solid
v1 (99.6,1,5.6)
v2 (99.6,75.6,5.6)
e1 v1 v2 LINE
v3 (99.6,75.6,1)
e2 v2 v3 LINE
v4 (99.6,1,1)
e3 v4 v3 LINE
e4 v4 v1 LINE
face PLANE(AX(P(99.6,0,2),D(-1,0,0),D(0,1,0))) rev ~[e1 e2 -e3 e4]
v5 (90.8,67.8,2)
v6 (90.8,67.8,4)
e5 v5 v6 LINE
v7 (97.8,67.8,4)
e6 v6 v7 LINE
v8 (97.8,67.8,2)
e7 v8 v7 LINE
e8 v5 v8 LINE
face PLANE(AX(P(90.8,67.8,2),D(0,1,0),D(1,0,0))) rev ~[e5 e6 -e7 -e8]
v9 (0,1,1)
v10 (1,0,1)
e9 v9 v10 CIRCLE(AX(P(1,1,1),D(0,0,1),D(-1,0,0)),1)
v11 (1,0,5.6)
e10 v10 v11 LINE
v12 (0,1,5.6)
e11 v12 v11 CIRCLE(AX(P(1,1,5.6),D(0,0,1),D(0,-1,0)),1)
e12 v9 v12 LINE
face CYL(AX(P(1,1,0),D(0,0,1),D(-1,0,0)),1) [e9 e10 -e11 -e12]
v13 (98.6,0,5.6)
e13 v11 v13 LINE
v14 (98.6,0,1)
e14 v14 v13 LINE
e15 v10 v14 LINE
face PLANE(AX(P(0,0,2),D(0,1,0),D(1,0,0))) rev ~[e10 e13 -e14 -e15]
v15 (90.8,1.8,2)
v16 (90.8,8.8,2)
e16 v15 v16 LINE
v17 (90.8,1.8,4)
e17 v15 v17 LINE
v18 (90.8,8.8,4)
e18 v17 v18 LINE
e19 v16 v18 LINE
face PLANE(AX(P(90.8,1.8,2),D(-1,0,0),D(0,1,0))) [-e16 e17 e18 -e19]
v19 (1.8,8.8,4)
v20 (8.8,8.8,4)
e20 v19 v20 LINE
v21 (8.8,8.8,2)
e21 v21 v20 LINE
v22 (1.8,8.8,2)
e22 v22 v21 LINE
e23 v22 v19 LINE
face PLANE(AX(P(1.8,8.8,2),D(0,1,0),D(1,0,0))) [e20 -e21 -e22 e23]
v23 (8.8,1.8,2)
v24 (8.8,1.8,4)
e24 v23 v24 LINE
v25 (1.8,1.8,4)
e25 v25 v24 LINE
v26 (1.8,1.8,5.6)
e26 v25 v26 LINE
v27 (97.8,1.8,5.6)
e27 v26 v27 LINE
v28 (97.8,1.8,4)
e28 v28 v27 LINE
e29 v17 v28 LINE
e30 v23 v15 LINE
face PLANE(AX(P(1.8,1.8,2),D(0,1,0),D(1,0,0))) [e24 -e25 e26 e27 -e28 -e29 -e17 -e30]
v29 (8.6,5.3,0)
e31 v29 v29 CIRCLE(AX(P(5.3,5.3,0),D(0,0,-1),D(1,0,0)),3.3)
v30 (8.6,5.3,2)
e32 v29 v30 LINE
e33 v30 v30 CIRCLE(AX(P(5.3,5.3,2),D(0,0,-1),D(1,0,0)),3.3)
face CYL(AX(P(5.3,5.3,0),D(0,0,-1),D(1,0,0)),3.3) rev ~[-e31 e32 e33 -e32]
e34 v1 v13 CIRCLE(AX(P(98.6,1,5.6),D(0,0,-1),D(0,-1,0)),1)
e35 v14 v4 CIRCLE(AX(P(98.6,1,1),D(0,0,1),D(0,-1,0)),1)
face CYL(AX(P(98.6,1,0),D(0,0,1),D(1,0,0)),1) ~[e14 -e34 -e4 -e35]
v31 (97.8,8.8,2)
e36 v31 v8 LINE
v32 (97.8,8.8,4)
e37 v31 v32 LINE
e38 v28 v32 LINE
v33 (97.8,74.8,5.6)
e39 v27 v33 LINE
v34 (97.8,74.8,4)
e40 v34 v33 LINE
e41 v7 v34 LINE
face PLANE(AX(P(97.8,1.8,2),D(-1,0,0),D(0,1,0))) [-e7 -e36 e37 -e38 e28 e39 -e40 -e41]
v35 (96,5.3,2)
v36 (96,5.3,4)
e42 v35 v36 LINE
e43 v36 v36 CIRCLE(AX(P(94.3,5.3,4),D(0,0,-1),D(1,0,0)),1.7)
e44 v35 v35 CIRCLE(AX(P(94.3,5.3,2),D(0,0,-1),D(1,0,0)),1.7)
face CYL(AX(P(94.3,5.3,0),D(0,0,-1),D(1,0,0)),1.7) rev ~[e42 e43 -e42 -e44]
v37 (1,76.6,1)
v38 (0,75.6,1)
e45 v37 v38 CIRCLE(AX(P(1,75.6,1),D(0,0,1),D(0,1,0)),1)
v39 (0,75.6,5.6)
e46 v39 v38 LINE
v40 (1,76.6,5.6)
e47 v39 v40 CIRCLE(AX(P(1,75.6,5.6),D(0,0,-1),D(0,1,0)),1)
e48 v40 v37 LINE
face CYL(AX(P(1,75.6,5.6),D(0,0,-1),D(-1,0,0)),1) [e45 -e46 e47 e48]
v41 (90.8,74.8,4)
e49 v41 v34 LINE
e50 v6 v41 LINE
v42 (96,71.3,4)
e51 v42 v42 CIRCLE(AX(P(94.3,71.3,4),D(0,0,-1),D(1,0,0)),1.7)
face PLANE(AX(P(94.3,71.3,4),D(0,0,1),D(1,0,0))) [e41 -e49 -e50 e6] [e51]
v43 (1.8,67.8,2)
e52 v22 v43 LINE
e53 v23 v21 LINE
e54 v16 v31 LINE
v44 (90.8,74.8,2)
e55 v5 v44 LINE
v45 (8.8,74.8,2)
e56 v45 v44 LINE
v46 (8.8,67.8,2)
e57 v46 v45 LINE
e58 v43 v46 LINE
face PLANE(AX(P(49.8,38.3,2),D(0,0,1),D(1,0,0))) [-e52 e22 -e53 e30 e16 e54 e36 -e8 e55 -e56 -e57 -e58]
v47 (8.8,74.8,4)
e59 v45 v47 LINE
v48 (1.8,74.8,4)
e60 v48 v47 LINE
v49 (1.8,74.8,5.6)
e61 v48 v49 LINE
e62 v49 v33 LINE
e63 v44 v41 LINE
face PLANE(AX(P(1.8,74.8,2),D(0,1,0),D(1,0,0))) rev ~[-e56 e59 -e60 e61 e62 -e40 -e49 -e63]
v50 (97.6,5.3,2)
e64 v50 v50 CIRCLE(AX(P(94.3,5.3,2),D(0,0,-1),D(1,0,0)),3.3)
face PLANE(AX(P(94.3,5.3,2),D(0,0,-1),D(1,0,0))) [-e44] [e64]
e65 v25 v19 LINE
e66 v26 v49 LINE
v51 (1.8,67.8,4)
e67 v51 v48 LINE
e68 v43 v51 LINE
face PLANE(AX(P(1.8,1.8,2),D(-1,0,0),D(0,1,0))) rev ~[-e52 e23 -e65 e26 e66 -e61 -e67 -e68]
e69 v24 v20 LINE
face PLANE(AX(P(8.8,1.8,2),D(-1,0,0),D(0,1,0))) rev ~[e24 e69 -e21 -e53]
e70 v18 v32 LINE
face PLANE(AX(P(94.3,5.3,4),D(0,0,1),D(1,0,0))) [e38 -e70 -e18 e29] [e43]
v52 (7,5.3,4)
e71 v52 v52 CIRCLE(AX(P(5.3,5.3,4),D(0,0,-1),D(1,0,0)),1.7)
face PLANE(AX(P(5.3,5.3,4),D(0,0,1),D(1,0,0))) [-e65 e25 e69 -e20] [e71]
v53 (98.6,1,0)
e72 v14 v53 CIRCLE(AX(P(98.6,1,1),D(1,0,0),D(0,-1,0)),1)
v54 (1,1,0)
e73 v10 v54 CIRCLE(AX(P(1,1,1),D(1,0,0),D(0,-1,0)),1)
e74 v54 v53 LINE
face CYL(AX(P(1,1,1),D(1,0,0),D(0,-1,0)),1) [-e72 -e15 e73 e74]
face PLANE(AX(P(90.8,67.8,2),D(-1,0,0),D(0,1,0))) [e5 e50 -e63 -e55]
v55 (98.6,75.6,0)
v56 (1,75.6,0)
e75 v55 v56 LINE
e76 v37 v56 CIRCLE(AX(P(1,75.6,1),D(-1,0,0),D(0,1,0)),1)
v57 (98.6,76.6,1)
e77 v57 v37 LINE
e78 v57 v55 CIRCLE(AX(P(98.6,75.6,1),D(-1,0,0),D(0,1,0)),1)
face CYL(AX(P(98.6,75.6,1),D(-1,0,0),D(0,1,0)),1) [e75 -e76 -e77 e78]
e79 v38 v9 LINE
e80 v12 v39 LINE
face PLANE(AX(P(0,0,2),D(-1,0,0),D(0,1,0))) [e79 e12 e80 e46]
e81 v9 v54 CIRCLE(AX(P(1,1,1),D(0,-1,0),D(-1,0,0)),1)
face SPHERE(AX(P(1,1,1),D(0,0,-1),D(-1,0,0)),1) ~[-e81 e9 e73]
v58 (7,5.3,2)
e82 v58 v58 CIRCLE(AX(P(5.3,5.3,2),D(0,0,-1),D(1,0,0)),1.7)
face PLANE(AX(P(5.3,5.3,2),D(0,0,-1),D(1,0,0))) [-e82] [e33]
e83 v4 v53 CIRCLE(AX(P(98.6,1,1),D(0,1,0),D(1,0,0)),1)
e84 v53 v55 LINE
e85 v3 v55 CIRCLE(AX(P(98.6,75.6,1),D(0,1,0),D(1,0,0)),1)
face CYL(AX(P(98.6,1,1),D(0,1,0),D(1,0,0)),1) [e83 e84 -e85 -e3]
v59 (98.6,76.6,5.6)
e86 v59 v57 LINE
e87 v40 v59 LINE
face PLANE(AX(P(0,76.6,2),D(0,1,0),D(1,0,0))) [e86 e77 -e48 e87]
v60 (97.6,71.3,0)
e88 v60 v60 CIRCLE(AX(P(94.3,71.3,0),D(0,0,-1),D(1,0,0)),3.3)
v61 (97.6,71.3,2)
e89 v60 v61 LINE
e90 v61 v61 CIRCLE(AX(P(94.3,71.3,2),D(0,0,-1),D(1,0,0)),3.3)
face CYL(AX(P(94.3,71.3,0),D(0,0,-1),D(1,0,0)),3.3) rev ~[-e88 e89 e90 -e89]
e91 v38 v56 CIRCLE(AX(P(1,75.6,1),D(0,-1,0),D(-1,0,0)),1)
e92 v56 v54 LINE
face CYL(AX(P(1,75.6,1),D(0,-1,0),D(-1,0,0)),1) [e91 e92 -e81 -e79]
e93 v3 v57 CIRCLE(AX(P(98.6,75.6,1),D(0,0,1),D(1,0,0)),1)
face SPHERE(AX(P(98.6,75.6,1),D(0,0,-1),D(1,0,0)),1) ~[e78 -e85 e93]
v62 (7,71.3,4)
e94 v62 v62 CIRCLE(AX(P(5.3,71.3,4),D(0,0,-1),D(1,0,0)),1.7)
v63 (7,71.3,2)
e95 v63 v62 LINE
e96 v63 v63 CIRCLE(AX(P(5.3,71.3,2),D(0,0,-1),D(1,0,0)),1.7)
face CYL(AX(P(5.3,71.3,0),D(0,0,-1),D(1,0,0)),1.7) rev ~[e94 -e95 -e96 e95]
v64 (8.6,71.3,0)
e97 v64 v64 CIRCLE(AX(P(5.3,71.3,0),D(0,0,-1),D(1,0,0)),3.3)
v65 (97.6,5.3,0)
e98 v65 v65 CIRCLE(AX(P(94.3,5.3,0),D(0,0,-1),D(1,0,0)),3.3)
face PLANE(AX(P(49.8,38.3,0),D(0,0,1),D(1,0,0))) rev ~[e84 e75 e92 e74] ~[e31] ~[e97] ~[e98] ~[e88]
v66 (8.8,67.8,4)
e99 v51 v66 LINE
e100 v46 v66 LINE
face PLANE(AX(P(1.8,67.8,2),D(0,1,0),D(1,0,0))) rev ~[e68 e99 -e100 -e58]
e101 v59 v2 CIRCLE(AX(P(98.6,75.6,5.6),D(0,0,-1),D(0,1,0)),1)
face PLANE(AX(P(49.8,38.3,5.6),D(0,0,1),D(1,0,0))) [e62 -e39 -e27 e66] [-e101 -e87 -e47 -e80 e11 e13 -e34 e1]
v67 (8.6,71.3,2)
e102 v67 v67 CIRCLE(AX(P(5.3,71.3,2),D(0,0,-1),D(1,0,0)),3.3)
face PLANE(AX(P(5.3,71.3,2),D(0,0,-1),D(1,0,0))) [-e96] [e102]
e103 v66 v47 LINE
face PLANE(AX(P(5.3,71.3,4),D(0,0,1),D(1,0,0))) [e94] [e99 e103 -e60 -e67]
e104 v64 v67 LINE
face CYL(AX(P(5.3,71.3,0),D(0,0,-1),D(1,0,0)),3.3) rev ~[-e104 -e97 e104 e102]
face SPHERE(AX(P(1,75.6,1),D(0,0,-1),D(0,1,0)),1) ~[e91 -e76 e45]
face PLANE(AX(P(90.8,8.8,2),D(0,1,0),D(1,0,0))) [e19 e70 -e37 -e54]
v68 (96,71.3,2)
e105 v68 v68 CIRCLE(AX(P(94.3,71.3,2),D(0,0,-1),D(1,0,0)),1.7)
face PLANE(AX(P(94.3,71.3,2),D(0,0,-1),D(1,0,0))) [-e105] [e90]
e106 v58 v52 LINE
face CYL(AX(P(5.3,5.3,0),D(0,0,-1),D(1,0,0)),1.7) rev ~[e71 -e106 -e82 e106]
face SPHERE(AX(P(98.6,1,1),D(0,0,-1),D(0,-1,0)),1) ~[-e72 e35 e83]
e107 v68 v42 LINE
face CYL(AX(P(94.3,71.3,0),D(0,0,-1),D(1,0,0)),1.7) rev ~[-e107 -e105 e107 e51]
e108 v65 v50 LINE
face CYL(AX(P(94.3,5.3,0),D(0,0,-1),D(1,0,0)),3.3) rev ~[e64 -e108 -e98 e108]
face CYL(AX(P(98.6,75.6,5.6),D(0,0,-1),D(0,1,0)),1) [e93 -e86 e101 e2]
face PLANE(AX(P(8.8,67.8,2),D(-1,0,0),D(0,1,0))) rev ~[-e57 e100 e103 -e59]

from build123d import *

# Parameters (mm, degrees)
SKETCH_W        = 99.6
SKETCH_H        = 76.6
PAD_DEPTH       = 2
SKETCH001_W     = 99.6
SKETCH001_H     = 76.6
SKETCH001_W_2   = 96
SKETCH001_H_2   = 73
PAD001_DEPTH    = 3.6
SKETCH003_W     = 7
SKETCH003_H     = 7
PAD003_DEPTH    = 2
SKETCH004_R     = 3.3
POCKET_DEPTH    = 2
SKETCH005_R     = 1.7
POCKET001_DEPTH = 5
FILLET_R        = 1
FILLET001_R     = 1
FILLET002_R     = 1
FILLET003_R     = 1
FILLET004_R     = 1


with BuildPart() as part:
    # Sketch → Pad (new body)
    with BuildSketch(Plane.XY):
        with Locations((49.8, 38.3)):
            Rectangle(SKETCH_W, SKETCH_H)
    extrude(amount=PAD_DEPTH)

    # Sketch001 (on Face6 of Pad) → Pad001 (join)
    with BuildSketch(Plane.XY.offset(2)):
        with Locations((49.8, 38.3)):
            Rectangle(SKETCH001_W, SKETCH001_H)
        with Locations((49.8, 38.3)):
            Rectangle(SKETCH001_W_2, SKETCH001_H_2, mode=Mode.SUBTRACT)
    extrude(amount=PAD001_DEPTH)

    # Sketch003 (on Face15 of Pad001) → Pad003 (join)
    with BuildSketch(Plane.XY.offset(2)):
        with Locations((5.3, 5.3)):
            Rectangle(SKETCH003_W, SKETCH003_H)
        with Locations((5.3, 71.3)):
            Rectangle(SKETCH003_W, SKETCH003_H)
        with Locations((94.3, 71.3)):
            Rectangle(SKETCH003_W, SKETCH003_H)
        with Locations((94.3, 5.3)):
            Rectangle(SKETCH003_W, SKETCH003_H)
    extrude(amount=PAD003_DEPTH)

    # Sketch004 (on Face4 of Pad003) → Pocket (cut)
    with BuildSketch(Plane(origin=(0, 0, 0), x_dir=(1, 0, 0), z_dir=(0, 0, -1))):
        with Locations((5.3, -5.3)):
            Circle(SKETCH004_R)
        with Locations((94.3, -5.3)):
            Circle(SKETCH004_R)
        with Locations((5.3, -71.3)):
            Circle(SKETCH004_R)
        with Locations((94.3, -71.3)):
            Circle(SKETCH004_R)
    extrude(amount=-POCKET_DEPTH, mode=Mode.SUBTRACT)

    # Sketch005 (on Face4 of Pocket) → Pocket001 (cut)
    with BuildSketch(Plane(origin=(0, 0, 0), x_dir=(1, 0, 0), z_dir=(0, 0, -1))):
        with Locations((5.3, -5.3)):
            Circle(SKETCH005_R)
        with Locations((5.3, -71.3)):
            Circle(SKETCH005_R)
        with Locations((94.3, -71.3)):
            Circle(SKETCH005_R)
        with Locations((94.3, -5.3)):
            Circle(SKETCH005_R)
    extrude(amount=-POCKET001_DEPTH, mode=Mode.SUBTRACT)

    # Fillet
    fillet_edges = [part.edges().sort_by_distance(p)[0] for p in [
        (0, 76.6, 3.8),
    ]]
    fillet(fillet_edges, radius=FILLET_R)

    # Fillet001
    fillet001_edges = [part.edges().sort_by_distance(p)[0] for p in [
        (0, 0, 2.8),
    ]]
    fillet(fillet001_edges, radius=FILLET001_R)

    # Fillet002
    fillet002_edges = [part.edges().sort_by_distance(p)[0] for p in [
        (99.6, 76.6, 2.8),
    ]]
    fillet(fillet002_edges, radius=FILLET002_R)

    # Fillet003
    fillet003_edges = [part.edges().sort_by_distance(p)[0] for p in [
        (99.6, 0, 2.8),
    ]]
    fillet(fillet003_edges, radius=FILLET003_R)

    # Fillet004
    fillet004_edges = [part.edges().sort_by_distance(p)[0] for p in [
        (49.8, 0, 0),
    ]]
    fillet(fillet004_edges, radius=FILLET004_R)


solid = part.part
